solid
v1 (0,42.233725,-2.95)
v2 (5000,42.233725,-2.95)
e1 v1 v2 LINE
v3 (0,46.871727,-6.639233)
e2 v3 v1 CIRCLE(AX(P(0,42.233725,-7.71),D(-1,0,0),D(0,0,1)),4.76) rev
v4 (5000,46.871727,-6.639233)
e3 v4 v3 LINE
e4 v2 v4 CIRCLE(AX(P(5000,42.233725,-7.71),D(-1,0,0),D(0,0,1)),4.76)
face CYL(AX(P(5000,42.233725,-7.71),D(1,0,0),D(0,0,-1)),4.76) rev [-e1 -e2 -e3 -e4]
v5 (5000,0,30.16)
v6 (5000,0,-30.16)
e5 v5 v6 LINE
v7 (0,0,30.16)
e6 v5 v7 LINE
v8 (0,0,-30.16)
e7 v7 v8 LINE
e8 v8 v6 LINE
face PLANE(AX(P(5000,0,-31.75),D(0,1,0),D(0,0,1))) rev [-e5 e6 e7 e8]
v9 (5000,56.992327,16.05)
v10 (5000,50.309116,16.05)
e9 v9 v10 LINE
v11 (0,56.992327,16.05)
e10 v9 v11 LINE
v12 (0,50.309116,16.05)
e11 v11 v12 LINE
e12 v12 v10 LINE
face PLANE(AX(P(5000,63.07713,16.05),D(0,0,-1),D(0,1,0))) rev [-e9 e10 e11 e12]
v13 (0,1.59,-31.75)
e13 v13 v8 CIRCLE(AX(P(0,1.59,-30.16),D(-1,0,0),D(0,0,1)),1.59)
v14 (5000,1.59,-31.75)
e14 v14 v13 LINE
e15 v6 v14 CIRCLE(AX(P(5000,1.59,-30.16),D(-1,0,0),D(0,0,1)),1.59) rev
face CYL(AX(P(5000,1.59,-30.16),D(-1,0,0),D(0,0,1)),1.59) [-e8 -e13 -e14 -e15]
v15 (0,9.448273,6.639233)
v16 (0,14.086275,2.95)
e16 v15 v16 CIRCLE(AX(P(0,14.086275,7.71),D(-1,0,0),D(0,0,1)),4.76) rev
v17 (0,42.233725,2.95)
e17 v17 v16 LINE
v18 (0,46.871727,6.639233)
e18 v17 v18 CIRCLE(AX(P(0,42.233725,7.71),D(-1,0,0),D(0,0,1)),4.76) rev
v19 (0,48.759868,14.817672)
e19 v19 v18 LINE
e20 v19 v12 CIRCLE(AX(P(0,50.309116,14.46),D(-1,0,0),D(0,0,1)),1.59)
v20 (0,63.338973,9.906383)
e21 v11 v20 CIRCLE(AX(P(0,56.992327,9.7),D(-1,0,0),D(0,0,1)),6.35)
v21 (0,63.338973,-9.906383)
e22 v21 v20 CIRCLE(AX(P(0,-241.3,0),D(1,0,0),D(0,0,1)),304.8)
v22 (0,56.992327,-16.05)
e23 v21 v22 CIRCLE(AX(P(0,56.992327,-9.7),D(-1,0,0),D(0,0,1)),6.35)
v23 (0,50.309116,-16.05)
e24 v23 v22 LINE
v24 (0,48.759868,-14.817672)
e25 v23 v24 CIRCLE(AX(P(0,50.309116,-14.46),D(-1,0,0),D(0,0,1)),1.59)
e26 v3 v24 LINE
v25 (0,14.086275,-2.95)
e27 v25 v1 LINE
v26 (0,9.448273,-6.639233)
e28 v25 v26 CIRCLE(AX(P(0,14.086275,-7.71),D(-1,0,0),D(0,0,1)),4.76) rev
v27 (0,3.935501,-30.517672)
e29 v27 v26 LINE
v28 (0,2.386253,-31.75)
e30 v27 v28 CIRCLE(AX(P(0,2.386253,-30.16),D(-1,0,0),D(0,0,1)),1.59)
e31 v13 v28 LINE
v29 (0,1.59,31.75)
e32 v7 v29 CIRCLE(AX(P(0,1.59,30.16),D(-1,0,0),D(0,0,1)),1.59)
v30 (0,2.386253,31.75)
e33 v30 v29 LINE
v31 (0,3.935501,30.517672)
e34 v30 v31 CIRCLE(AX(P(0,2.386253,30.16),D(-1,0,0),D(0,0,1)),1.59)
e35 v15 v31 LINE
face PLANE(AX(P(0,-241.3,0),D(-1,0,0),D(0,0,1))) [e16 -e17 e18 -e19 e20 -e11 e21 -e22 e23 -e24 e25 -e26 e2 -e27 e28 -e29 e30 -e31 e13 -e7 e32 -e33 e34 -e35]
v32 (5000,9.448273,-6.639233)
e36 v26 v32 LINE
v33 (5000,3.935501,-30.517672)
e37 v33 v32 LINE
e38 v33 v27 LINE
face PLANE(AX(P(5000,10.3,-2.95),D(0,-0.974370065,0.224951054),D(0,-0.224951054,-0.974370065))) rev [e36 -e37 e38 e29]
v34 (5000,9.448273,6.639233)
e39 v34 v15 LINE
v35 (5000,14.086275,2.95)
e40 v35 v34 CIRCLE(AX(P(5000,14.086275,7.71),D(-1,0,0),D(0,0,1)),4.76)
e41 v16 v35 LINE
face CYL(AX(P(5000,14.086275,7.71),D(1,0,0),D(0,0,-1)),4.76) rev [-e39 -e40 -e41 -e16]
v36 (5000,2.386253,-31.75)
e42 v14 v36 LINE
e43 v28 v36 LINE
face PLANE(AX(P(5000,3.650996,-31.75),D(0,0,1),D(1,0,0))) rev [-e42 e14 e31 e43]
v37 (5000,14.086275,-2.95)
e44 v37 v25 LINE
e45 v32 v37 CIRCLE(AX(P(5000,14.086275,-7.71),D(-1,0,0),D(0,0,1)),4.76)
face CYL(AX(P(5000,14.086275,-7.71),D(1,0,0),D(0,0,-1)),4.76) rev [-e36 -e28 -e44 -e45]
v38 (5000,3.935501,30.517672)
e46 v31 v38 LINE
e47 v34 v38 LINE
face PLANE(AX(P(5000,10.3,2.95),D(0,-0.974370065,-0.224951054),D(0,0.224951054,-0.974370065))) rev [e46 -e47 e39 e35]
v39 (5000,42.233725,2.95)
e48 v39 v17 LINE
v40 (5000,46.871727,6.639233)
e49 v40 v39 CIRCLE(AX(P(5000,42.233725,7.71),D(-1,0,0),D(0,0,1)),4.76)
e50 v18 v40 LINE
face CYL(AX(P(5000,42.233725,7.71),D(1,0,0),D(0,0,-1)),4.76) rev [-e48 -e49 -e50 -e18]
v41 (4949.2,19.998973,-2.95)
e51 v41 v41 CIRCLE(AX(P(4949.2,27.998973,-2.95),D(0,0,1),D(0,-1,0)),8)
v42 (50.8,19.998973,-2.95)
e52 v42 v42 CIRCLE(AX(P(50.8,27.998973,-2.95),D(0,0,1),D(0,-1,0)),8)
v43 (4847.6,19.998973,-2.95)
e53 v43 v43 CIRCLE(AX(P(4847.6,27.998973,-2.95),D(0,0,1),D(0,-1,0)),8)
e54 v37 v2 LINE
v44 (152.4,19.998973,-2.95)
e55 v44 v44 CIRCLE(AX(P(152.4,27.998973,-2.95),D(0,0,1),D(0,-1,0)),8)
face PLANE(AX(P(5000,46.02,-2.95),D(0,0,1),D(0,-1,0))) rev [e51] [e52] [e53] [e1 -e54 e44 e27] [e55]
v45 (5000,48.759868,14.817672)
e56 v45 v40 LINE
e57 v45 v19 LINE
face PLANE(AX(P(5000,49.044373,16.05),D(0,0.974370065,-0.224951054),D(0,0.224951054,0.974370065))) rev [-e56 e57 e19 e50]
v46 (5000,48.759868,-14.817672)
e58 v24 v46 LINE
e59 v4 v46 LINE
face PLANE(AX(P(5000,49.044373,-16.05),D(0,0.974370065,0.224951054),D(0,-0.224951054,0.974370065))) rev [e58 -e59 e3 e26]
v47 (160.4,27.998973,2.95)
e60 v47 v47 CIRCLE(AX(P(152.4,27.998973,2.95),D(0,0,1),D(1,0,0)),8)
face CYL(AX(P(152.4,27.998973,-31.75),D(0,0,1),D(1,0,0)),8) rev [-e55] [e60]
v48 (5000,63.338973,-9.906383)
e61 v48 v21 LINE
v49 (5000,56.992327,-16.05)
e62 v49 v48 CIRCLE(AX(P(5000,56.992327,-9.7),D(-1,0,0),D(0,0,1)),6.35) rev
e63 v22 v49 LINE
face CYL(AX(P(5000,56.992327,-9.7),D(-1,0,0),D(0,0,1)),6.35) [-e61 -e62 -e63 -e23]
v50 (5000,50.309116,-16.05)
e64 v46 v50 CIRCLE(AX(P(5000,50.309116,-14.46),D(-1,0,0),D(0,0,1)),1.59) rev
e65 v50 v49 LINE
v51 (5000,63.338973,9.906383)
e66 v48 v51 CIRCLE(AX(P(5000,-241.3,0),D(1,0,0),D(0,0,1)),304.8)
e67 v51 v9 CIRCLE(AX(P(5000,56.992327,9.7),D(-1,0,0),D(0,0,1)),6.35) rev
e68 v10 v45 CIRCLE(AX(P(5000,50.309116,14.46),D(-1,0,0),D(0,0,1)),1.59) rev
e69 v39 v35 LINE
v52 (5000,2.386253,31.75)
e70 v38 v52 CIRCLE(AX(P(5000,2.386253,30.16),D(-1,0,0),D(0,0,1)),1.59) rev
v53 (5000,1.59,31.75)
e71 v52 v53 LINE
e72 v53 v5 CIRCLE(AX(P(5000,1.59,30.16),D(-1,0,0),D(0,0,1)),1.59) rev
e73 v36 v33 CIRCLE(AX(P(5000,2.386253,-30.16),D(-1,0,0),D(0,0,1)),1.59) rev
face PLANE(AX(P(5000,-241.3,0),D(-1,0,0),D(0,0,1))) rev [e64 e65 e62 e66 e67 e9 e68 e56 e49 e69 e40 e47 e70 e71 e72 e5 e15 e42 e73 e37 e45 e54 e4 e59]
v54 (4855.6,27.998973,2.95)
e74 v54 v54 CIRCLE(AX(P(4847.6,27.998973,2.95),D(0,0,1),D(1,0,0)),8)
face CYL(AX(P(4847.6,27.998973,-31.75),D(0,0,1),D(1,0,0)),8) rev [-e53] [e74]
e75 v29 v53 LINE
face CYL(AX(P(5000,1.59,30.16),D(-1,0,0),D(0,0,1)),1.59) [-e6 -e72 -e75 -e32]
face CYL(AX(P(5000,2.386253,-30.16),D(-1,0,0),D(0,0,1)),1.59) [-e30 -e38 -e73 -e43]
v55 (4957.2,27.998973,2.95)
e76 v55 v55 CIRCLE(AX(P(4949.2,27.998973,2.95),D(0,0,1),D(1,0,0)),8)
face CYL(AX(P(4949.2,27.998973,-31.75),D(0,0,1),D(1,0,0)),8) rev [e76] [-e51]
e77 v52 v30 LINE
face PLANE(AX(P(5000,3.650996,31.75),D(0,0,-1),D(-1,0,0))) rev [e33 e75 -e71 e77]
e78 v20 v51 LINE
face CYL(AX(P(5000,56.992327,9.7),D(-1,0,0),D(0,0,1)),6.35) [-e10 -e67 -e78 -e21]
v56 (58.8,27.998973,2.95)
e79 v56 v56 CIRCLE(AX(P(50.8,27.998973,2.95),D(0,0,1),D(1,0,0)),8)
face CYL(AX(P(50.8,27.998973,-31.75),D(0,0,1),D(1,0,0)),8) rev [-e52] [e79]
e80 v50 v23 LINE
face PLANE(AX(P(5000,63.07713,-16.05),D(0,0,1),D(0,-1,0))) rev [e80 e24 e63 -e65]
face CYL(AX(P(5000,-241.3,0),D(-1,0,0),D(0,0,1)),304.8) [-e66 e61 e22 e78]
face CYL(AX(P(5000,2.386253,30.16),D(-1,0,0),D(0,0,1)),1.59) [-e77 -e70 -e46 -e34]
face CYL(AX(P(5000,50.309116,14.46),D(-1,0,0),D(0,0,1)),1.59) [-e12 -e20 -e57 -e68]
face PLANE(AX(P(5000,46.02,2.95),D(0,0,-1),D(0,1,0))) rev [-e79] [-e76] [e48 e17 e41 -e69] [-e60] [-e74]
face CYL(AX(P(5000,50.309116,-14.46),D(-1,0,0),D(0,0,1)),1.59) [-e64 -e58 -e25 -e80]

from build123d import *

# Parameters (mm, degrees)
BASE_DEPTH         = 5000
FILLET1_R          = 6.35
FILLET2_R          = 4.76
FILLET3_R          = 1.59
SKETCH2_R          = 8
CUT_EXTRUDE1_DEPTH = 4584.729758915


with BuildPart() as part:
    # Sketch1 → Base (new body)
    with BuildSketch(Plane(origin=(0, 0, 0), x_dir=(0, 0, -1), z_dir=(1, 0, 0))):
        with BuildLine():
            Line((16.05, 63.077130383), (16.05, 49.044373304))
            Line((16.05, 49.044373304), (2.95, 46.02))
            Line((2.95, 46.02), (2.95, 10.3))
            Line((2.95, 10.3), (31.75, 3.650996096))
            Line((31.75, 3.650996096), (31.75, 0))
            Line((31.75, 0), (-31.75, 0))
            Line((-31.75, 0), (-31.75, 3.650996096))
            Line((-31.75, 3.650996096), (-2.95, 10.3))
            Line((-2.95, 10.3), (-2.95, 46.02))
            Line((-2.95, 46.02), (-16.05, 49.044373304))
            Line((-16.05, 49.044373304), (-16.05, 63.077130383))
            ThreePointArc((-16.05, 63.077130383), (0, 63.5), (16.05, 63.077130383))
        make_face()
    extrude(amount=BASE_DEPTH)

    # Fillet1
    fillet1_edges = [part.edges().sort_by_distance(p)[0] for p in [
        (2500, 63.077130383, -16.05),
        (2500, 63.077130383, 16.05),
    ]]
    fillet(fillet1_edges, radius=FILLET1_R)

    # Fillet2
    fillet2_edges = [part.edges().sort_by_distance(p)[0] for p in [
        (2500, 46.02, -2.95),
        (2500, 10.3, -2.95),
        (2500, 10.3, 2.95),
        (2500, 46.02, 2.95),
    ]]
    fillet(fillet2_edges, radius=FILLET2_R)

    # Fillet3
    fillet3_edges = [part.edges().sort_by_distance(p)[0] for p in [
        (2500, 49.044373304, -16.05),
        (2500, 3.650996096, -31.75),
        (2500, 0, -31.75),
        (2500, 0, 31.75),
        (2500, 3.650996096, 31.75),
        (2500, 49.044373304, 16.05),
    ]]
    fillet(fillet3_edges, radius=FILLET3_R)

    # Sketch2 → Cut-Extrude1 (cut, through all)
    with BuildSketch(Plane(origin=(416.890903054, -3.473265232, 2.95), x_dir=(1, 0, 0), z_dir=(0, 0, 1))):
        with Locations((-366.090903054, 31.472237749)):
            Circle(SKETCH2_R)
        with Locations((-264.490903054, 31.472237749)):
            Circle(SKETCH2_R)
        with Locations((4430.709096946, 31.472237749)):
            Circle(SKETCH2_R)
        with Locations((4532.309096946, 31.472237749)):
            Circle(SKETCH2_R)
    extrude(amount=-CUT_EXTRUDE1_DEPTH, mode=Mode.SUBTRACT)


solid = part.part
